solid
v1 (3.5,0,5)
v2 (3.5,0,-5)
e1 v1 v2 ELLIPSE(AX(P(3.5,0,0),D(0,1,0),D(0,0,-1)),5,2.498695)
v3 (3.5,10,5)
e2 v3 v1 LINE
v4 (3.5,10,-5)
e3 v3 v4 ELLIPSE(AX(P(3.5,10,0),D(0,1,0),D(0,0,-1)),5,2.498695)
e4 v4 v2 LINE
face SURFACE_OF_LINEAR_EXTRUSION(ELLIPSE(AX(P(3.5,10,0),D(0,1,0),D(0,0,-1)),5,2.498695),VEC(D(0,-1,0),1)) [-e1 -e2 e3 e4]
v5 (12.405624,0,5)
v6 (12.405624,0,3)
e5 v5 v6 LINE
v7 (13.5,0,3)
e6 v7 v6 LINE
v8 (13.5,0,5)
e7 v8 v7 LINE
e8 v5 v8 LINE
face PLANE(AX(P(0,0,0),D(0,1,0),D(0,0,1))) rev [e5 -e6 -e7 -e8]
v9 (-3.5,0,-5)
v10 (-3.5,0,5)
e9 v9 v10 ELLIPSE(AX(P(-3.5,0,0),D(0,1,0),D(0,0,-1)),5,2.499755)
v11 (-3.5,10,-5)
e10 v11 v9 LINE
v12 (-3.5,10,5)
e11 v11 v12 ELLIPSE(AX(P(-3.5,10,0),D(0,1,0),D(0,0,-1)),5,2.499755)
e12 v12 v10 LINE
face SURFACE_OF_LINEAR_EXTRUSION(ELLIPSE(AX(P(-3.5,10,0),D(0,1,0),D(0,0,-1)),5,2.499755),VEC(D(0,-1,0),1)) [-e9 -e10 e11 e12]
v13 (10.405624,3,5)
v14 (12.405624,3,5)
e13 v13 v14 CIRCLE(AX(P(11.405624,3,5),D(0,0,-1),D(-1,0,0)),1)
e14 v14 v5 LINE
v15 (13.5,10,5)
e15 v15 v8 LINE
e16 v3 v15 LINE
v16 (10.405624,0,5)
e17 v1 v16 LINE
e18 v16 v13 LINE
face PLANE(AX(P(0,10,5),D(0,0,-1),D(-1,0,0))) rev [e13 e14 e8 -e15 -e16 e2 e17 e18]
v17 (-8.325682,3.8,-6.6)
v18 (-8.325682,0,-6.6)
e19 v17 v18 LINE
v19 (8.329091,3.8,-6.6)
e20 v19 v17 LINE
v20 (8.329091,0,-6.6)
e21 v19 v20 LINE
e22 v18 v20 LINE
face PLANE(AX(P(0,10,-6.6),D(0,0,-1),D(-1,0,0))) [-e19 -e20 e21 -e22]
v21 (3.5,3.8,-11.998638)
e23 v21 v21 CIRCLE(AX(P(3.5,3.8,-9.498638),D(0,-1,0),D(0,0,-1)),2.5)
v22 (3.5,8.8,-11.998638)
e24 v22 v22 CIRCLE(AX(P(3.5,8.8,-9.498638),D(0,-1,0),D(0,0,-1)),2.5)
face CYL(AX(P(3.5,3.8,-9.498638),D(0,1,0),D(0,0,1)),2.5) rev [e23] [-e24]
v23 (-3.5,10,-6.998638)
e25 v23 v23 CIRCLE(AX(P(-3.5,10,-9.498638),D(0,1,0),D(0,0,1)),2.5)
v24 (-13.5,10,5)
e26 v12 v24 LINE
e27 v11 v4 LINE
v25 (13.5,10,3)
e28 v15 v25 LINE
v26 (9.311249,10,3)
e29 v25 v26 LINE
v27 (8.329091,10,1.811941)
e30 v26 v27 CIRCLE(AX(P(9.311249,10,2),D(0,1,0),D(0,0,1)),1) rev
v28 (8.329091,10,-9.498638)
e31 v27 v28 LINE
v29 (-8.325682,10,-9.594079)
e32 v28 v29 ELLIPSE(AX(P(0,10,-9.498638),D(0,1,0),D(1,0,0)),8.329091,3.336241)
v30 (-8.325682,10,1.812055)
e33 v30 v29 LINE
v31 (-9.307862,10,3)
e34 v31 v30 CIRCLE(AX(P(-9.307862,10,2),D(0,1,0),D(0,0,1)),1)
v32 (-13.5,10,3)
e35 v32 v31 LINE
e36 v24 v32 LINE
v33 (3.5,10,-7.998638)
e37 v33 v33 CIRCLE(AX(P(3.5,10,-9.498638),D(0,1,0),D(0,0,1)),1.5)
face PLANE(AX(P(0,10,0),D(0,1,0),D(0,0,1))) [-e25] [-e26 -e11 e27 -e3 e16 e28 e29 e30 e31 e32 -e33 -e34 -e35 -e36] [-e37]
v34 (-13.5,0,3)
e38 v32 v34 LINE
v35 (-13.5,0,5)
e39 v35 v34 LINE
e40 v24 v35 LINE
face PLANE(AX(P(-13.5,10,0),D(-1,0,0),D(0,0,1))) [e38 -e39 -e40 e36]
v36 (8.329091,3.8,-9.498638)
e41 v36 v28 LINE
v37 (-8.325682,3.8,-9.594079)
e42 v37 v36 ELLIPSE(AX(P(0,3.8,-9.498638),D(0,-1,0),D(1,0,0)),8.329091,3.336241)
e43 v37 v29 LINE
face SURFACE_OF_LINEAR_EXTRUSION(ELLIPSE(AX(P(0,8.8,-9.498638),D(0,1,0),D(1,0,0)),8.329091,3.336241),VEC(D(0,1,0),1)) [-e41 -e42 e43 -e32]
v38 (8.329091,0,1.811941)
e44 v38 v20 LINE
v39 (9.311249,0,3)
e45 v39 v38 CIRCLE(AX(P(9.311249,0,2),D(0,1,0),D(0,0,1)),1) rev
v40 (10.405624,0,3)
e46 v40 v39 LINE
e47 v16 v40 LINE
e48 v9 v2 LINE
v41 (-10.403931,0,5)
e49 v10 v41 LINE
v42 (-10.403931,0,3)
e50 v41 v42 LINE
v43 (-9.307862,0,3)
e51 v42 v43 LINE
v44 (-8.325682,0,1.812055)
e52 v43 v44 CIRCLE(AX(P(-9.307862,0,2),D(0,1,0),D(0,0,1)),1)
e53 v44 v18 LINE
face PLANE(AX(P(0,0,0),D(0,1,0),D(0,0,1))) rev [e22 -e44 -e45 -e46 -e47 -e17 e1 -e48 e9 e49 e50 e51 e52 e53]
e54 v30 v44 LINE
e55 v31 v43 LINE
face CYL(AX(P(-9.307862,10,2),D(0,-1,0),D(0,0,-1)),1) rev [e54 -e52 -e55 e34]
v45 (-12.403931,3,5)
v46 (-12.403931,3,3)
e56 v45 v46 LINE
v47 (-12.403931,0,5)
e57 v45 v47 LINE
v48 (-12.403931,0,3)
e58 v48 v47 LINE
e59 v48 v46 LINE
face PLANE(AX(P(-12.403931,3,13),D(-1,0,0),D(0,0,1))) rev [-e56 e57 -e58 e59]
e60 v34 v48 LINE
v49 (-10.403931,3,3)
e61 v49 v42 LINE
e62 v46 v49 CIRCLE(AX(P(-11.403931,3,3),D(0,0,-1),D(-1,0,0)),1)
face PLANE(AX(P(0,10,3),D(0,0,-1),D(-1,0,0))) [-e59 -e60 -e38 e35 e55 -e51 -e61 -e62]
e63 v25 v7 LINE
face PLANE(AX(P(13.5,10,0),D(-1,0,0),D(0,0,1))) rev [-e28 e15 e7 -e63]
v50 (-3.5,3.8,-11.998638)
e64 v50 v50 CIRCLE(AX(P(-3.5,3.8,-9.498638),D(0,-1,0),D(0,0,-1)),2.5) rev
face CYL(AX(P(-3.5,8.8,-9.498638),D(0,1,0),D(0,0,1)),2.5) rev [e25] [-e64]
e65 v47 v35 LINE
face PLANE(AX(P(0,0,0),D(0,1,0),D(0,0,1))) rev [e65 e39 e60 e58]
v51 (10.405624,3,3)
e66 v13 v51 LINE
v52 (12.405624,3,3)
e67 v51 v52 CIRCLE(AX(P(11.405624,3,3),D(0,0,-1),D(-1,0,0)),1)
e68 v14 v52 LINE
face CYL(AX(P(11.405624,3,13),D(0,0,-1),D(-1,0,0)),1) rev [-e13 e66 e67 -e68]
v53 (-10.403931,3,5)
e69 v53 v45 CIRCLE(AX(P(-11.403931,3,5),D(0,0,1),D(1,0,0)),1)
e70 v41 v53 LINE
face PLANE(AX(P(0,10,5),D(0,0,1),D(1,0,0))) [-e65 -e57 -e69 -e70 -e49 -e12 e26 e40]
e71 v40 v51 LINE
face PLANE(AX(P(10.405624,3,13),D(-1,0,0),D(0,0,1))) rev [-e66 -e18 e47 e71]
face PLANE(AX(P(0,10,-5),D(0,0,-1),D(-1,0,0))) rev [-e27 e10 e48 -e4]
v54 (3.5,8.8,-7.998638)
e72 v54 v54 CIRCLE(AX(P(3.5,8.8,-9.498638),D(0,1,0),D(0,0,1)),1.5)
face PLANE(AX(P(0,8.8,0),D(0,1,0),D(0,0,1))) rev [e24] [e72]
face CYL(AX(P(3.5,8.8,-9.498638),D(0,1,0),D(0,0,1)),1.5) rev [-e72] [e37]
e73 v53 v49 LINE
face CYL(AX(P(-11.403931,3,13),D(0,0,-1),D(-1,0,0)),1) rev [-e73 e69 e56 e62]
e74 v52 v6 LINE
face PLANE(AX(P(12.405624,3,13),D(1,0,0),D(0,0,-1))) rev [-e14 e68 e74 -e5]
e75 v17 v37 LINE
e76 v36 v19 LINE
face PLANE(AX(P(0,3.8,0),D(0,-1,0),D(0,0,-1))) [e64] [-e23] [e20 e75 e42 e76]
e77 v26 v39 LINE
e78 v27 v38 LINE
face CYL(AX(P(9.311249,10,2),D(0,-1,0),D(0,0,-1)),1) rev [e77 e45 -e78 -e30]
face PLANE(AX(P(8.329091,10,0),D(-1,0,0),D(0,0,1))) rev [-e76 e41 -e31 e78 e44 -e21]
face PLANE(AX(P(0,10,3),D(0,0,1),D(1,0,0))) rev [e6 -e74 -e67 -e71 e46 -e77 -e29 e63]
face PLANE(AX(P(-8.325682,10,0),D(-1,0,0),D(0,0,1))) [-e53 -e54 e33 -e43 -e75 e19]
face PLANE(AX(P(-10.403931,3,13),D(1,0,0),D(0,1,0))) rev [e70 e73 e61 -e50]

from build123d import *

# Parameters (mm, degrees)
BOSS_EXTRUDE1_DEPTH = 10
CUT_EXTRUDE1_DEPTH  = 10
SKETCH3_R           = 2.5
SKETCH3_R_2         = 1.5
BOSS_EXTRUDE2_DEPTH = 1.2
SKETCH4_R           = 2.5
BOSS_EXTRUDE3_DEPTH = 5


with BuildPart() as part:
    # Sketch1 → Boss-Extrude1 (new body)
    with BuildSketch(Plane(origin=(0, 0, 0), x_dir=(1, 0, 0), z_dir=(0, 1, 0))):
        with BuildLine():
            Line((-3.5, -5), (-13.5, -5))
            Line((-13.5, -5), (-13.5, -3))
            Line((-13.5, -3), (-9.307862042, -3))
            ThreePointArc((-9.307862042, -3), (-8.53716607, -2.637203044), (-8.325682404, -1.812055437))
            Line((-8.325682404, -1.812055437), (-8.325682404, 6.6))
            Line((-8.325682404, 6.6), (8.329091265, 6.6))
            Line((8.329091265, 6.6), (8.329091265, -1.811940526))
            ThreePointArc((8.329091265, -1.811940526), (8.540515661, -2.637157958), (9.311248907, -3))
            Line((9.311248907, -3), (13.5, -3))
            Line((13.5, -3), (13.5, -5))
            Line((13.5, -5), (3.5, -5))
            add(Edge.make_bspline(
                [(3.5, -5), (5.998694825, -5), (5.998694825, 0), (5.998694825, 5), (3.5, 5)],
                knots=[3.141592654, 3.141592654, 3.141592654, 4.71238898, 4.71238898, 6.283185307, 6.283185307, 6.283185307], degree=2, weights=[1, 0.707106781, 1, 0.707106781, 1]))
            Line((3.5, 5), (-3.5, 5))
            add(Edge.make_bspline(
                [(-3.5, 5), (-5.999755012, 5), (-5.999755012, 0), (-5.999755012, -5), (-3.5, -5)],
                knots=[0, 0, 0, 1.570796327, 1.570796327, 3.141592654, 3.141592654, 3.141592654], degree=2, weights=[1, 0.707106781, 1, 0.707106781, 1]))
        make_face()
    extrude(amount=BOSS_EXTRUDE1_DEPTH)

    # Sketch2 → Cut-Extrude1 (cut)
    with BuildSketch(Plane(origin=(0, 0, 3), x_dir=(-1, 0, 0), z_dir=(0, 0, -1))):
        with BuildLine():
            Line((10.403931021, 0), (12.403931021, 0))
            Line((12.403931021, 0), (12.403931021, 3))
            ThreePointArc((12.403931021, 3), (11.403931021, 4), (10.403931021, 3))
            Line((10.403931021, 3), (10.403931021, 0))
        make_face()
        with BuildLine():
            Line((-12.405624454, 0), (-10.405624454, 0))
            Line((-10.405624454, 0), (-10.405624454, 3))
            ThreePointArc((-10.405624454, 3), (-11.405624454, 4), (-12.405624454, 3))
            Line((-12.405624454, 3), (-12.405624454, 0))
        make_face()
    extrude(amount=-CUT_EXTRUDE1_DEPTH, mode=Mode.SUBTRACT)

    # Sketch3 → Boss-Extrude2 (add)
    with BuildSketch(Plane(origin=(0, 10, 0), x_dir=(1, 0, 0), z_dir=(0, 1, 0))):
        with BuildLine():
            Line((-8.325682404, 6.6), (8.329091265, 6.6))
            Line((8.329091265, 6.6), (8.329091265, 9.498637931))
            add(Edge.make_bspline(
                [(8.329091265, 9.498637931), (8.329091265, 12.787490374), (0.119148459, 12.834537728), (-8.090794347, 12.881585081), (-8.325682404, 9.594078672)],
                knots=[0, 0, 0, 1.556490742, 1.556490742, 3.112981484, 3.112981484, 3.112981484], degree=2, weights=[1, 0.712146438, 1, 0.712146438, 1]))
            Line((-8.325682404, 9.594078672), (-8.325682404, 6.6))
        make_face()
        with Locations(Location((-3.5, 9.498637931, 0), (0, 0, 270))):
            Circle(SKETCH3_R, mode=Mode.SUBTRACT)
        with Locations(Location((3.5, 9.498637931, 0), (0, 0, 270))):
            Circle(SKETCH3_R_2, mode=Mode.SUBTRACT)
    extrude(amount=-BOSS_EXTRUDE2_DEPTH)

    # Sketch4 → Boss-Extrude3 (add)
    with BuildSketch(Plane.XZ.offset(-8.8)):
        with BuildLine():
            Line((8.329091265, -6.6), (-8.325682404, -6.6))
            Line((-8.325682404, -6.6), (-8.325682404, -9.40319719))
            Line((-8.325682404, -9.40319719), (-8.325682404, -9.594078672))
            add(Edge.make_bspline(
                [(-8.325682404, -9.594078672), (-8.097422437, -12.78881796), (-0.119148459, -12.834537728), (8.329091265, -12.88295065), (8.329091265, -9.498637931)],
                knots=[3.175928112, 3.175928112, 3.175928112, 4.698083395, 4.698083395, 6.283185307, 6.283185307, 6.283185307], degree=2, weights=[0.977274251, 0.713863718, 1, 0.702030948, 1]))
            Line((8.329091265, -9.498637931), (8.329091265, -6.6))
        make_face()
        with Locations(Location((-3.5, -9.498637931, 0), (0, 0, 90))):
            Circle(SKETCH4_R, mode=Mode.SUBTRACT)
        with Locations(Location((3.5, -9.498637931, 0), (0, 0, 270))):
            Circle(SKETCH4_R, mode=Mode.SUBTRACT)
    extrude(amount=BOSS_EXTRUDE3_DEPTH)


solid = part.part
